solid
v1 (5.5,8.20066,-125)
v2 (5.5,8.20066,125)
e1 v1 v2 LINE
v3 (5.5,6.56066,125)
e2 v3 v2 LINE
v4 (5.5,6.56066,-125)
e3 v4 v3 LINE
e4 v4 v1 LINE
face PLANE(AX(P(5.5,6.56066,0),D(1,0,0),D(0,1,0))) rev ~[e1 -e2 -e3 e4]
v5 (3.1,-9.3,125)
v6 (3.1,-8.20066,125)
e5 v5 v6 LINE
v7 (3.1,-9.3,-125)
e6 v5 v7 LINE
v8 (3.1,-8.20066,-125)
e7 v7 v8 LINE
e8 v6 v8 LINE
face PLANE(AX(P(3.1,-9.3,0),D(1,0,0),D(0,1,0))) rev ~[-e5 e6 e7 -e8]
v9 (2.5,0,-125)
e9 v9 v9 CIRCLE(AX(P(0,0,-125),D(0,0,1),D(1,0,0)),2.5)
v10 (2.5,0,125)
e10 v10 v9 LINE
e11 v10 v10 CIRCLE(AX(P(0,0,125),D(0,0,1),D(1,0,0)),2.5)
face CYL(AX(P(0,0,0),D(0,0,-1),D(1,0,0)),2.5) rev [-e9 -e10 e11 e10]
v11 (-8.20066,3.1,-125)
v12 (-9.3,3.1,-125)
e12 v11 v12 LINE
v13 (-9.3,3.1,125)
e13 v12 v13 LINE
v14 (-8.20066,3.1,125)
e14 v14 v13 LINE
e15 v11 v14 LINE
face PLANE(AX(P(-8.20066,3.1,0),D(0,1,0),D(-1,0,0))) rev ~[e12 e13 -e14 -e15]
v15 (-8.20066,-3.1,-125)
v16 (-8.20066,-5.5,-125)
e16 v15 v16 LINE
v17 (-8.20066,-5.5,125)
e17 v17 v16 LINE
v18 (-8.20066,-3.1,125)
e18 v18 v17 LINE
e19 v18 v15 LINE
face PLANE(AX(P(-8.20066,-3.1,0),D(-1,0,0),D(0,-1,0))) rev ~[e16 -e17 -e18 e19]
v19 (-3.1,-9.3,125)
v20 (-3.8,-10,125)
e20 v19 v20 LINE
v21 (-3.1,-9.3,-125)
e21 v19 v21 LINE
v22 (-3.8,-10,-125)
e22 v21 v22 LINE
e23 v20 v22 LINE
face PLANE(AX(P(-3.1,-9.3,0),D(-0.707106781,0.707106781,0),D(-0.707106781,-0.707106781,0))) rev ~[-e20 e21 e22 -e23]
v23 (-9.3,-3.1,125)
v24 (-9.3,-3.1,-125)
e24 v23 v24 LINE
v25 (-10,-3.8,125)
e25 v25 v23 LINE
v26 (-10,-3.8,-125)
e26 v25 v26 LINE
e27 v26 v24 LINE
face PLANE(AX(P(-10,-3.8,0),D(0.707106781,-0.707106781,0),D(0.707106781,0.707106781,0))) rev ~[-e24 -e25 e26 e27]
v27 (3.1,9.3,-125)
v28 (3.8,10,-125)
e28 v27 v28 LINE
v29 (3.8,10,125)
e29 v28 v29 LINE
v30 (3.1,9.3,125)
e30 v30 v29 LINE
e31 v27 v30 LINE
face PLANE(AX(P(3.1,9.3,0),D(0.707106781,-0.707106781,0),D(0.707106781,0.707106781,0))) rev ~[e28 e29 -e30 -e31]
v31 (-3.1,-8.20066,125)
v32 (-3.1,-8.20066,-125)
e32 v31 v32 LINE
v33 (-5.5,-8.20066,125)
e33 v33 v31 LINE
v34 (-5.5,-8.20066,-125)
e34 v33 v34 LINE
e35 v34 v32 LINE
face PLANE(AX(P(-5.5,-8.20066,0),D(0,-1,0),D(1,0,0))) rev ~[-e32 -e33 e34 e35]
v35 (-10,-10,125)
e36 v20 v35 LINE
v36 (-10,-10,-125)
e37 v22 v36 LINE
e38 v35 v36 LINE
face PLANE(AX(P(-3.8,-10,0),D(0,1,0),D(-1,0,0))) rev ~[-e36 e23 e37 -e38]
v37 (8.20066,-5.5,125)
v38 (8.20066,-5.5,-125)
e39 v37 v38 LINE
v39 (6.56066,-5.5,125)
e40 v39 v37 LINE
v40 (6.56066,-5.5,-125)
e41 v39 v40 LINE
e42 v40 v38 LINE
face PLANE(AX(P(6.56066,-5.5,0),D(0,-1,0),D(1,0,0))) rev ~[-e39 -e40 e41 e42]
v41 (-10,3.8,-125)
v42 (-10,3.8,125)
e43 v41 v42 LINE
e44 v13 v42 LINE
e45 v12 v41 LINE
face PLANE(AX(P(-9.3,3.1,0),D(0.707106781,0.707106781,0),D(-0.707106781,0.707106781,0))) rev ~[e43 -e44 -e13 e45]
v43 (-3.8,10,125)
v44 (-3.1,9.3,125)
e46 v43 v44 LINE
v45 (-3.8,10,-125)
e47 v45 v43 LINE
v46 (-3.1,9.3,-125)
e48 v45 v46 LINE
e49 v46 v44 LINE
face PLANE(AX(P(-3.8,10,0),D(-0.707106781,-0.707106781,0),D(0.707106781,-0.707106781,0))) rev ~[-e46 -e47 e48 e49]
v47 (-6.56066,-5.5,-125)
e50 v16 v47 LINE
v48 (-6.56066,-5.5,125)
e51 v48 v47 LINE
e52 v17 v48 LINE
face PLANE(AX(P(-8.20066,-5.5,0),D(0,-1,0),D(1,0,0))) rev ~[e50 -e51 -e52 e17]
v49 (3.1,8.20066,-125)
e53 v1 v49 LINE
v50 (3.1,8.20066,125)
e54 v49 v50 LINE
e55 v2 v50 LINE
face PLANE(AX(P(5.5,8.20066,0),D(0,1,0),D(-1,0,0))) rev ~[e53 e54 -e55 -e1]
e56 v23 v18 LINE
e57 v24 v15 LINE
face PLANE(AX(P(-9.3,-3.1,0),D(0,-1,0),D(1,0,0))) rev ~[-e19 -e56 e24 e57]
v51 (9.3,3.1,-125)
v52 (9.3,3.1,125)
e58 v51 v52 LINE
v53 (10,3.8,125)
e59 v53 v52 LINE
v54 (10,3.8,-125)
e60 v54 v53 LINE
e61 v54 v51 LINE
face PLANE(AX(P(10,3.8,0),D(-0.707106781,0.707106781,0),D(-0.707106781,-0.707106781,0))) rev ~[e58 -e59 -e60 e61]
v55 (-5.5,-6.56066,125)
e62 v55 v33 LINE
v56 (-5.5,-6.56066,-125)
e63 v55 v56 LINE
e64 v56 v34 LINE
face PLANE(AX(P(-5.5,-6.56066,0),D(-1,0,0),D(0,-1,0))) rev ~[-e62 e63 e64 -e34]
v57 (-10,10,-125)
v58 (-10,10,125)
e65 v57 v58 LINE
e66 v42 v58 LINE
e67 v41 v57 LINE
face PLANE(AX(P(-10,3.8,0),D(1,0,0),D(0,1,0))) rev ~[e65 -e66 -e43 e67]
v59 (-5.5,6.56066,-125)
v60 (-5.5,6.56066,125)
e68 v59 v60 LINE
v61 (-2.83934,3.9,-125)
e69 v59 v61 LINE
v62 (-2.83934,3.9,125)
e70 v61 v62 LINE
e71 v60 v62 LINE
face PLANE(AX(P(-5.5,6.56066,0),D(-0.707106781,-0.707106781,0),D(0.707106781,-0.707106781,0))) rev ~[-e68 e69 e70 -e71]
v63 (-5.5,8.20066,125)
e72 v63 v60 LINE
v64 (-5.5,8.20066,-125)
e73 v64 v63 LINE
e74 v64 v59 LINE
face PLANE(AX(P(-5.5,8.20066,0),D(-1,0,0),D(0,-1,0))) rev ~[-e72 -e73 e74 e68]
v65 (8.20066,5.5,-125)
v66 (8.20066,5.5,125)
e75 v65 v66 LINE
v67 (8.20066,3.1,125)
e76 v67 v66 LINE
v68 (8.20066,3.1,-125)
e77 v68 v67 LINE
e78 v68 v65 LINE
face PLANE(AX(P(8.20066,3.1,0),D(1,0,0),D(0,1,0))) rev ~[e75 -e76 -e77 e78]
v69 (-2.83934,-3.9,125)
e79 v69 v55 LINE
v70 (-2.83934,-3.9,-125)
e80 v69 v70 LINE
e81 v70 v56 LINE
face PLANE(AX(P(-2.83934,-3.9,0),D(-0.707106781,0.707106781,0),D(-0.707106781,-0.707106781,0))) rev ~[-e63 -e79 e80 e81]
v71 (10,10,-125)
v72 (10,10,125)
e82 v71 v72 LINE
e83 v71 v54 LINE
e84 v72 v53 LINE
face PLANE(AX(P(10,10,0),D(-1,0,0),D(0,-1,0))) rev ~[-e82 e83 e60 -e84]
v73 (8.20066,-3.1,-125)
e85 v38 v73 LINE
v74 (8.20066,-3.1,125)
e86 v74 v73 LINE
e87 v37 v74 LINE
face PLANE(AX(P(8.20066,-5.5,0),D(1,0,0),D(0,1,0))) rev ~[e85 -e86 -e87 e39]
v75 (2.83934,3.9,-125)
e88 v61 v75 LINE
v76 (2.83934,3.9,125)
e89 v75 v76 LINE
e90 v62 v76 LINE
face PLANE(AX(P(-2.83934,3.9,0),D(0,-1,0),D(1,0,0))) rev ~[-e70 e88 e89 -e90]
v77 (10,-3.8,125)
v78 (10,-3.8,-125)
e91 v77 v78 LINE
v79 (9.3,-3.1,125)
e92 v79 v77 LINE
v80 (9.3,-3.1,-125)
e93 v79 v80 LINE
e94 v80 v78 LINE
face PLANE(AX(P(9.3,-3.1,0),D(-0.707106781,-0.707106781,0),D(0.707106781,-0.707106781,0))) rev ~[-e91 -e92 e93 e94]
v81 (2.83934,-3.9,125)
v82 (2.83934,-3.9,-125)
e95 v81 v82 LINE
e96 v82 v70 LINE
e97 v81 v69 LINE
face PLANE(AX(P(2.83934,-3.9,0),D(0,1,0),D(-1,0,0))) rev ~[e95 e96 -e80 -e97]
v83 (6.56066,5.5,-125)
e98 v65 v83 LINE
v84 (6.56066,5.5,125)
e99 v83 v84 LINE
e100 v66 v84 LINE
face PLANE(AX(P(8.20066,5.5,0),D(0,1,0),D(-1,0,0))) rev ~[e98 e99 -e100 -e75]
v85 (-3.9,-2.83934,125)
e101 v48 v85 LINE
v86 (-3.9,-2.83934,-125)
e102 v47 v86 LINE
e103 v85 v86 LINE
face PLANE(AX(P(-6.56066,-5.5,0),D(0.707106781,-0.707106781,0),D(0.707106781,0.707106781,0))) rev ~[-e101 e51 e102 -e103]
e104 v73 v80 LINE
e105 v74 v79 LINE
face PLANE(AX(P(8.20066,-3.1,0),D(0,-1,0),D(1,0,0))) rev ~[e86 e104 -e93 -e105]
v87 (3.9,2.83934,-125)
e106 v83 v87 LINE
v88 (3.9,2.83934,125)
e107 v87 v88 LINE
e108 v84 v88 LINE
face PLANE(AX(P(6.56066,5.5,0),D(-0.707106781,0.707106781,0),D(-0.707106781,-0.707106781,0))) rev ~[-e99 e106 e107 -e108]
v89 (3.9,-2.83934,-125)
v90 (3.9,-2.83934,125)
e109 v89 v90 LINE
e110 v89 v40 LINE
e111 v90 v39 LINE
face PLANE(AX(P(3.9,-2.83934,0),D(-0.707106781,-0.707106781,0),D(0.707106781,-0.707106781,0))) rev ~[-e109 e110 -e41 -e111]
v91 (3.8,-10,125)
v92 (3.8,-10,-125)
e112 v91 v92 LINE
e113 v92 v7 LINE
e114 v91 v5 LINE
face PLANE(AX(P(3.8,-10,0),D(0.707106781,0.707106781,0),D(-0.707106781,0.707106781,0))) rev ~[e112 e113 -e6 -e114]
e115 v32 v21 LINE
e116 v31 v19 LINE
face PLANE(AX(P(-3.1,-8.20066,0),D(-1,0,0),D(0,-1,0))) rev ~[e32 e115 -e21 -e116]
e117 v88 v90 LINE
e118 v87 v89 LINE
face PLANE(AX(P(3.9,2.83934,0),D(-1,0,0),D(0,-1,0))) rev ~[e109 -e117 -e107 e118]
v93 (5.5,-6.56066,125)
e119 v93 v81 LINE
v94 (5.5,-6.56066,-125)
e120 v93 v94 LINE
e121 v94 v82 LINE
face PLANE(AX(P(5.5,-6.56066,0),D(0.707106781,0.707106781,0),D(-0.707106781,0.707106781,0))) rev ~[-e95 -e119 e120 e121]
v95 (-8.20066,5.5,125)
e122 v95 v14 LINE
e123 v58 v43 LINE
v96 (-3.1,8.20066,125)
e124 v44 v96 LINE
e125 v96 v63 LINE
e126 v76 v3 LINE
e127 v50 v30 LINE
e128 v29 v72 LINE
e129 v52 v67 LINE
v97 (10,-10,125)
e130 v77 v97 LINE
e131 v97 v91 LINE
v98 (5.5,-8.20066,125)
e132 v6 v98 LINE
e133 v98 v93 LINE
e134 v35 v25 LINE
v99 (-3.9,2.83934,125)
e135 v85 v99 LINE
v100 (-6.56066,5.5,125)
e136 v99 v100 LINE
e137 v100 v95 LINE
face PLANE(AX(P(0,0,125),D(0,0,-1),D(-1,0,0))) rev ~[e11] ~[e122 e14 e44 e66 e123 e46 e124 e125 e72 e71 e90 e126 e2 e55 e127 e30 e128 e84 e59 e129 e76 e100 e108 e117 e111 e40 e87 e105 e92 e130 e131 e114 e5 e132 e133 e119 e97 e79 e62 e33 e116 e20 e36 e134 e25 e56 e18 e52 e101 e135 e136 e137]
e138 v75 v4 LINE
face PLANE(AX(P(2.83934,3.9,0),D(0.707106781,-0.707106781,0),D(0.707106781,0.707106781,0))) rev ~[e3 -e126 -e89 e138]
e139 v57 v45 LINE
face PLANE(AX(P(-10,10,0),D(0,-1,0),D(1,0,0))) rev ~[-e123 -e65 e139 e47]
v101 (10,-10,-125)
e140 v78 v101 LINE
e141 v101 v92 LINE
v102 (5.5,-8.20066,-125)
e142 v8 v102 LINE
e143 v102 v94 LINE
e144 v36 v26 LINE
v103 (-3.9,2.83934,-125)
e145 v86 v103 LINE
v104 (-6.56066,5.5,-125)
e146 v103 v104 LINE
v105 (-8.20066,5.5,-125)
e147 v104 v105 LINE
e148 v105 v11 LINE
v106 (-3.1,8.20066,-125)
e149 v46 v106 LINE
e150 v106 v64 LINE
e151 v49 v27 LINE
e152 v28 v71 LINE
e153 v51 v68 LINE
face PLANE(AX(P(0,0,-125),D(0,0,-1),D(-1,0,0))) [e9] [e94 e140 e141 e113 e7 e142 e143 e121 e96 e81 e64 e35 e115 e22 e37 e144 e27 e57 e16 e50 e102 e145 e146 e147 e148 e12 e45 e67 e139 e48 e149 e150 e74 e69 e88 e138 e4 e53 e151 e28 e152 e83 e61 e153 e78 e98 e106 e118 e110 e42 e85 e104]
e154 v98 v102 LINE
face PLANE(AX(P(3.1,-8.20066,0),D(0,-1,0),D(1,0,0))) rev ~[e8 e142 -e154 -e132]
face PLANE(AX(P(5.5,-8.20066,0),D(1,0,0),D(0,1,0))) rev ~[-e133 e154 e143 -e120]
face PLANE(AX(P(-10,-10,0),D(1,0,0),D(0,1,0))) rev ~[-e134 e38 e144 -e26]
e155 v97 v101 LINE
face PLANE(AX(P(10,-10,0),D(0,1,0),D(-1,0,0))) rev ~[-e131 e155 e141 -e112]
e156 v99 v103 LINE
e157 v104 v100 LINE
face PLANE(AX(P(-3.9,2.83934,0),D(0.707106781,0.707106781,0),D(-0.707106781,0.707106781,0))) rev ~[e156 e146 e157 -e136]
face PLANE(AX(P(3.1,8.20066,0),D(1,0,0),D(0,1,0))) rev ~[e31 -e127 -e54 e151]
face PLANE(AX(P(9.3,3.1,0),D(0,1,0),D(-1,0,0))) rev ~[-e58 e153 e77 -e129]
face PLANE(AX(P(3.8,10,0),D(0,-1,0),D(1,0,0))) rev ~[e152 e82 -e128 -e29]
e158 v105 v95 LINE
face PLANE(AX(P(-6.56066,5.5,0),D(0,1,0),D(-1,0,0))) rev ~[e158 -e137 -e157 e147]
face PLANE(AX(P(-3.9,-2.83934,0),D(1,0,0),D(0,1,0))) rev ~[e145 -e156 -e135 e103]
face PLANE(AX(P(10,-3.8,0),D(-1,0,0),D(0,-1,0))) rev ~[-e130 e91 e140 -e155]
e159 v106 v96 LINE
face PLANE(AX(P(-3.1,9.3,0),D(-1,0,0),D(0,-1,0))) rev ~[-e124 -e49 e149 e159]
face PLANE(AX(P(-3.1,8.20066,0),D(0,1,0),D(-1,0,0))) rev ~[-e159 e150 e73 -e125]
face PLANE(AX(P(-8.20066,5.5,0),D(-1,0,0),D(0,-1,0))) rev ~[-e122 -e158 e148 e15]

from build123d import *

# Parameters (mm, degrees)
SKETCH1_R           = 2.5
BOSS_EXTRUDE1_DEPTH = 125


with BuildPart() as part:
    # Sketch1 → Boss-Extrude1 (new, symmetric)
    with BuildSketch(Plane.XY):
        Polygon((3.9, -2.839339828), (6.560660172, -5.5), (8.200660172, -5.5), (8.200660172, -3.1), (9.3, -3.1), (10, -3.8), (10, -10), (3.8, -10), (3.1, -9.3), (3.1, -8.200660172), (5.5, -8.200660172), (5.5, -6.560660172), (2.839339828, -3.9), (-2.839339828, -3.9), (-5.5, -6.560660172), (-5.5, -8.200660172), (-3.1, -8.200660172), (-3.1, -9.3), (-3.8, -10), (-10, -10), (-10, -3.8), (-9.3, -3.1), (-8.200660172, -3.1), (-8.200660172, -5.5), (-6.560660172, -5.5), (-3.9, -2.839339828), (-3.9, 2.839339828), (-6.560660172, 5.5), (-8.200660172, 5.5), (-8.200660172, 3.1), (-9.3, 3.1), (-10, 3.8), (-10, 10), (-3.8, 10), (-3.1, 9.3), (-3.1, 8.200660172), (-5.5, 8.200660172), (-5.5, 6.560660172), (-2.839339828, 3.9), (2.839339828, 3.9), (5.5, 6.560660172), (5.5, 8.200660172), (3.1, 8.200660172), (3.1, 9.3), (3.8, 10), (10, 10), (10, 3.8), (9.3, 3.1), (8.200660172, 3.1), (8.200660172, 5.5), (6.560660172, 5.5), (3.9, 2.839339828), align=None)
        Circle(SKETCH1_R, mode=Mode.SUBTRACT)
    extrude(amount=BOSS_EXTRUDE1_DEPTH, both=True)


solid = part.part
